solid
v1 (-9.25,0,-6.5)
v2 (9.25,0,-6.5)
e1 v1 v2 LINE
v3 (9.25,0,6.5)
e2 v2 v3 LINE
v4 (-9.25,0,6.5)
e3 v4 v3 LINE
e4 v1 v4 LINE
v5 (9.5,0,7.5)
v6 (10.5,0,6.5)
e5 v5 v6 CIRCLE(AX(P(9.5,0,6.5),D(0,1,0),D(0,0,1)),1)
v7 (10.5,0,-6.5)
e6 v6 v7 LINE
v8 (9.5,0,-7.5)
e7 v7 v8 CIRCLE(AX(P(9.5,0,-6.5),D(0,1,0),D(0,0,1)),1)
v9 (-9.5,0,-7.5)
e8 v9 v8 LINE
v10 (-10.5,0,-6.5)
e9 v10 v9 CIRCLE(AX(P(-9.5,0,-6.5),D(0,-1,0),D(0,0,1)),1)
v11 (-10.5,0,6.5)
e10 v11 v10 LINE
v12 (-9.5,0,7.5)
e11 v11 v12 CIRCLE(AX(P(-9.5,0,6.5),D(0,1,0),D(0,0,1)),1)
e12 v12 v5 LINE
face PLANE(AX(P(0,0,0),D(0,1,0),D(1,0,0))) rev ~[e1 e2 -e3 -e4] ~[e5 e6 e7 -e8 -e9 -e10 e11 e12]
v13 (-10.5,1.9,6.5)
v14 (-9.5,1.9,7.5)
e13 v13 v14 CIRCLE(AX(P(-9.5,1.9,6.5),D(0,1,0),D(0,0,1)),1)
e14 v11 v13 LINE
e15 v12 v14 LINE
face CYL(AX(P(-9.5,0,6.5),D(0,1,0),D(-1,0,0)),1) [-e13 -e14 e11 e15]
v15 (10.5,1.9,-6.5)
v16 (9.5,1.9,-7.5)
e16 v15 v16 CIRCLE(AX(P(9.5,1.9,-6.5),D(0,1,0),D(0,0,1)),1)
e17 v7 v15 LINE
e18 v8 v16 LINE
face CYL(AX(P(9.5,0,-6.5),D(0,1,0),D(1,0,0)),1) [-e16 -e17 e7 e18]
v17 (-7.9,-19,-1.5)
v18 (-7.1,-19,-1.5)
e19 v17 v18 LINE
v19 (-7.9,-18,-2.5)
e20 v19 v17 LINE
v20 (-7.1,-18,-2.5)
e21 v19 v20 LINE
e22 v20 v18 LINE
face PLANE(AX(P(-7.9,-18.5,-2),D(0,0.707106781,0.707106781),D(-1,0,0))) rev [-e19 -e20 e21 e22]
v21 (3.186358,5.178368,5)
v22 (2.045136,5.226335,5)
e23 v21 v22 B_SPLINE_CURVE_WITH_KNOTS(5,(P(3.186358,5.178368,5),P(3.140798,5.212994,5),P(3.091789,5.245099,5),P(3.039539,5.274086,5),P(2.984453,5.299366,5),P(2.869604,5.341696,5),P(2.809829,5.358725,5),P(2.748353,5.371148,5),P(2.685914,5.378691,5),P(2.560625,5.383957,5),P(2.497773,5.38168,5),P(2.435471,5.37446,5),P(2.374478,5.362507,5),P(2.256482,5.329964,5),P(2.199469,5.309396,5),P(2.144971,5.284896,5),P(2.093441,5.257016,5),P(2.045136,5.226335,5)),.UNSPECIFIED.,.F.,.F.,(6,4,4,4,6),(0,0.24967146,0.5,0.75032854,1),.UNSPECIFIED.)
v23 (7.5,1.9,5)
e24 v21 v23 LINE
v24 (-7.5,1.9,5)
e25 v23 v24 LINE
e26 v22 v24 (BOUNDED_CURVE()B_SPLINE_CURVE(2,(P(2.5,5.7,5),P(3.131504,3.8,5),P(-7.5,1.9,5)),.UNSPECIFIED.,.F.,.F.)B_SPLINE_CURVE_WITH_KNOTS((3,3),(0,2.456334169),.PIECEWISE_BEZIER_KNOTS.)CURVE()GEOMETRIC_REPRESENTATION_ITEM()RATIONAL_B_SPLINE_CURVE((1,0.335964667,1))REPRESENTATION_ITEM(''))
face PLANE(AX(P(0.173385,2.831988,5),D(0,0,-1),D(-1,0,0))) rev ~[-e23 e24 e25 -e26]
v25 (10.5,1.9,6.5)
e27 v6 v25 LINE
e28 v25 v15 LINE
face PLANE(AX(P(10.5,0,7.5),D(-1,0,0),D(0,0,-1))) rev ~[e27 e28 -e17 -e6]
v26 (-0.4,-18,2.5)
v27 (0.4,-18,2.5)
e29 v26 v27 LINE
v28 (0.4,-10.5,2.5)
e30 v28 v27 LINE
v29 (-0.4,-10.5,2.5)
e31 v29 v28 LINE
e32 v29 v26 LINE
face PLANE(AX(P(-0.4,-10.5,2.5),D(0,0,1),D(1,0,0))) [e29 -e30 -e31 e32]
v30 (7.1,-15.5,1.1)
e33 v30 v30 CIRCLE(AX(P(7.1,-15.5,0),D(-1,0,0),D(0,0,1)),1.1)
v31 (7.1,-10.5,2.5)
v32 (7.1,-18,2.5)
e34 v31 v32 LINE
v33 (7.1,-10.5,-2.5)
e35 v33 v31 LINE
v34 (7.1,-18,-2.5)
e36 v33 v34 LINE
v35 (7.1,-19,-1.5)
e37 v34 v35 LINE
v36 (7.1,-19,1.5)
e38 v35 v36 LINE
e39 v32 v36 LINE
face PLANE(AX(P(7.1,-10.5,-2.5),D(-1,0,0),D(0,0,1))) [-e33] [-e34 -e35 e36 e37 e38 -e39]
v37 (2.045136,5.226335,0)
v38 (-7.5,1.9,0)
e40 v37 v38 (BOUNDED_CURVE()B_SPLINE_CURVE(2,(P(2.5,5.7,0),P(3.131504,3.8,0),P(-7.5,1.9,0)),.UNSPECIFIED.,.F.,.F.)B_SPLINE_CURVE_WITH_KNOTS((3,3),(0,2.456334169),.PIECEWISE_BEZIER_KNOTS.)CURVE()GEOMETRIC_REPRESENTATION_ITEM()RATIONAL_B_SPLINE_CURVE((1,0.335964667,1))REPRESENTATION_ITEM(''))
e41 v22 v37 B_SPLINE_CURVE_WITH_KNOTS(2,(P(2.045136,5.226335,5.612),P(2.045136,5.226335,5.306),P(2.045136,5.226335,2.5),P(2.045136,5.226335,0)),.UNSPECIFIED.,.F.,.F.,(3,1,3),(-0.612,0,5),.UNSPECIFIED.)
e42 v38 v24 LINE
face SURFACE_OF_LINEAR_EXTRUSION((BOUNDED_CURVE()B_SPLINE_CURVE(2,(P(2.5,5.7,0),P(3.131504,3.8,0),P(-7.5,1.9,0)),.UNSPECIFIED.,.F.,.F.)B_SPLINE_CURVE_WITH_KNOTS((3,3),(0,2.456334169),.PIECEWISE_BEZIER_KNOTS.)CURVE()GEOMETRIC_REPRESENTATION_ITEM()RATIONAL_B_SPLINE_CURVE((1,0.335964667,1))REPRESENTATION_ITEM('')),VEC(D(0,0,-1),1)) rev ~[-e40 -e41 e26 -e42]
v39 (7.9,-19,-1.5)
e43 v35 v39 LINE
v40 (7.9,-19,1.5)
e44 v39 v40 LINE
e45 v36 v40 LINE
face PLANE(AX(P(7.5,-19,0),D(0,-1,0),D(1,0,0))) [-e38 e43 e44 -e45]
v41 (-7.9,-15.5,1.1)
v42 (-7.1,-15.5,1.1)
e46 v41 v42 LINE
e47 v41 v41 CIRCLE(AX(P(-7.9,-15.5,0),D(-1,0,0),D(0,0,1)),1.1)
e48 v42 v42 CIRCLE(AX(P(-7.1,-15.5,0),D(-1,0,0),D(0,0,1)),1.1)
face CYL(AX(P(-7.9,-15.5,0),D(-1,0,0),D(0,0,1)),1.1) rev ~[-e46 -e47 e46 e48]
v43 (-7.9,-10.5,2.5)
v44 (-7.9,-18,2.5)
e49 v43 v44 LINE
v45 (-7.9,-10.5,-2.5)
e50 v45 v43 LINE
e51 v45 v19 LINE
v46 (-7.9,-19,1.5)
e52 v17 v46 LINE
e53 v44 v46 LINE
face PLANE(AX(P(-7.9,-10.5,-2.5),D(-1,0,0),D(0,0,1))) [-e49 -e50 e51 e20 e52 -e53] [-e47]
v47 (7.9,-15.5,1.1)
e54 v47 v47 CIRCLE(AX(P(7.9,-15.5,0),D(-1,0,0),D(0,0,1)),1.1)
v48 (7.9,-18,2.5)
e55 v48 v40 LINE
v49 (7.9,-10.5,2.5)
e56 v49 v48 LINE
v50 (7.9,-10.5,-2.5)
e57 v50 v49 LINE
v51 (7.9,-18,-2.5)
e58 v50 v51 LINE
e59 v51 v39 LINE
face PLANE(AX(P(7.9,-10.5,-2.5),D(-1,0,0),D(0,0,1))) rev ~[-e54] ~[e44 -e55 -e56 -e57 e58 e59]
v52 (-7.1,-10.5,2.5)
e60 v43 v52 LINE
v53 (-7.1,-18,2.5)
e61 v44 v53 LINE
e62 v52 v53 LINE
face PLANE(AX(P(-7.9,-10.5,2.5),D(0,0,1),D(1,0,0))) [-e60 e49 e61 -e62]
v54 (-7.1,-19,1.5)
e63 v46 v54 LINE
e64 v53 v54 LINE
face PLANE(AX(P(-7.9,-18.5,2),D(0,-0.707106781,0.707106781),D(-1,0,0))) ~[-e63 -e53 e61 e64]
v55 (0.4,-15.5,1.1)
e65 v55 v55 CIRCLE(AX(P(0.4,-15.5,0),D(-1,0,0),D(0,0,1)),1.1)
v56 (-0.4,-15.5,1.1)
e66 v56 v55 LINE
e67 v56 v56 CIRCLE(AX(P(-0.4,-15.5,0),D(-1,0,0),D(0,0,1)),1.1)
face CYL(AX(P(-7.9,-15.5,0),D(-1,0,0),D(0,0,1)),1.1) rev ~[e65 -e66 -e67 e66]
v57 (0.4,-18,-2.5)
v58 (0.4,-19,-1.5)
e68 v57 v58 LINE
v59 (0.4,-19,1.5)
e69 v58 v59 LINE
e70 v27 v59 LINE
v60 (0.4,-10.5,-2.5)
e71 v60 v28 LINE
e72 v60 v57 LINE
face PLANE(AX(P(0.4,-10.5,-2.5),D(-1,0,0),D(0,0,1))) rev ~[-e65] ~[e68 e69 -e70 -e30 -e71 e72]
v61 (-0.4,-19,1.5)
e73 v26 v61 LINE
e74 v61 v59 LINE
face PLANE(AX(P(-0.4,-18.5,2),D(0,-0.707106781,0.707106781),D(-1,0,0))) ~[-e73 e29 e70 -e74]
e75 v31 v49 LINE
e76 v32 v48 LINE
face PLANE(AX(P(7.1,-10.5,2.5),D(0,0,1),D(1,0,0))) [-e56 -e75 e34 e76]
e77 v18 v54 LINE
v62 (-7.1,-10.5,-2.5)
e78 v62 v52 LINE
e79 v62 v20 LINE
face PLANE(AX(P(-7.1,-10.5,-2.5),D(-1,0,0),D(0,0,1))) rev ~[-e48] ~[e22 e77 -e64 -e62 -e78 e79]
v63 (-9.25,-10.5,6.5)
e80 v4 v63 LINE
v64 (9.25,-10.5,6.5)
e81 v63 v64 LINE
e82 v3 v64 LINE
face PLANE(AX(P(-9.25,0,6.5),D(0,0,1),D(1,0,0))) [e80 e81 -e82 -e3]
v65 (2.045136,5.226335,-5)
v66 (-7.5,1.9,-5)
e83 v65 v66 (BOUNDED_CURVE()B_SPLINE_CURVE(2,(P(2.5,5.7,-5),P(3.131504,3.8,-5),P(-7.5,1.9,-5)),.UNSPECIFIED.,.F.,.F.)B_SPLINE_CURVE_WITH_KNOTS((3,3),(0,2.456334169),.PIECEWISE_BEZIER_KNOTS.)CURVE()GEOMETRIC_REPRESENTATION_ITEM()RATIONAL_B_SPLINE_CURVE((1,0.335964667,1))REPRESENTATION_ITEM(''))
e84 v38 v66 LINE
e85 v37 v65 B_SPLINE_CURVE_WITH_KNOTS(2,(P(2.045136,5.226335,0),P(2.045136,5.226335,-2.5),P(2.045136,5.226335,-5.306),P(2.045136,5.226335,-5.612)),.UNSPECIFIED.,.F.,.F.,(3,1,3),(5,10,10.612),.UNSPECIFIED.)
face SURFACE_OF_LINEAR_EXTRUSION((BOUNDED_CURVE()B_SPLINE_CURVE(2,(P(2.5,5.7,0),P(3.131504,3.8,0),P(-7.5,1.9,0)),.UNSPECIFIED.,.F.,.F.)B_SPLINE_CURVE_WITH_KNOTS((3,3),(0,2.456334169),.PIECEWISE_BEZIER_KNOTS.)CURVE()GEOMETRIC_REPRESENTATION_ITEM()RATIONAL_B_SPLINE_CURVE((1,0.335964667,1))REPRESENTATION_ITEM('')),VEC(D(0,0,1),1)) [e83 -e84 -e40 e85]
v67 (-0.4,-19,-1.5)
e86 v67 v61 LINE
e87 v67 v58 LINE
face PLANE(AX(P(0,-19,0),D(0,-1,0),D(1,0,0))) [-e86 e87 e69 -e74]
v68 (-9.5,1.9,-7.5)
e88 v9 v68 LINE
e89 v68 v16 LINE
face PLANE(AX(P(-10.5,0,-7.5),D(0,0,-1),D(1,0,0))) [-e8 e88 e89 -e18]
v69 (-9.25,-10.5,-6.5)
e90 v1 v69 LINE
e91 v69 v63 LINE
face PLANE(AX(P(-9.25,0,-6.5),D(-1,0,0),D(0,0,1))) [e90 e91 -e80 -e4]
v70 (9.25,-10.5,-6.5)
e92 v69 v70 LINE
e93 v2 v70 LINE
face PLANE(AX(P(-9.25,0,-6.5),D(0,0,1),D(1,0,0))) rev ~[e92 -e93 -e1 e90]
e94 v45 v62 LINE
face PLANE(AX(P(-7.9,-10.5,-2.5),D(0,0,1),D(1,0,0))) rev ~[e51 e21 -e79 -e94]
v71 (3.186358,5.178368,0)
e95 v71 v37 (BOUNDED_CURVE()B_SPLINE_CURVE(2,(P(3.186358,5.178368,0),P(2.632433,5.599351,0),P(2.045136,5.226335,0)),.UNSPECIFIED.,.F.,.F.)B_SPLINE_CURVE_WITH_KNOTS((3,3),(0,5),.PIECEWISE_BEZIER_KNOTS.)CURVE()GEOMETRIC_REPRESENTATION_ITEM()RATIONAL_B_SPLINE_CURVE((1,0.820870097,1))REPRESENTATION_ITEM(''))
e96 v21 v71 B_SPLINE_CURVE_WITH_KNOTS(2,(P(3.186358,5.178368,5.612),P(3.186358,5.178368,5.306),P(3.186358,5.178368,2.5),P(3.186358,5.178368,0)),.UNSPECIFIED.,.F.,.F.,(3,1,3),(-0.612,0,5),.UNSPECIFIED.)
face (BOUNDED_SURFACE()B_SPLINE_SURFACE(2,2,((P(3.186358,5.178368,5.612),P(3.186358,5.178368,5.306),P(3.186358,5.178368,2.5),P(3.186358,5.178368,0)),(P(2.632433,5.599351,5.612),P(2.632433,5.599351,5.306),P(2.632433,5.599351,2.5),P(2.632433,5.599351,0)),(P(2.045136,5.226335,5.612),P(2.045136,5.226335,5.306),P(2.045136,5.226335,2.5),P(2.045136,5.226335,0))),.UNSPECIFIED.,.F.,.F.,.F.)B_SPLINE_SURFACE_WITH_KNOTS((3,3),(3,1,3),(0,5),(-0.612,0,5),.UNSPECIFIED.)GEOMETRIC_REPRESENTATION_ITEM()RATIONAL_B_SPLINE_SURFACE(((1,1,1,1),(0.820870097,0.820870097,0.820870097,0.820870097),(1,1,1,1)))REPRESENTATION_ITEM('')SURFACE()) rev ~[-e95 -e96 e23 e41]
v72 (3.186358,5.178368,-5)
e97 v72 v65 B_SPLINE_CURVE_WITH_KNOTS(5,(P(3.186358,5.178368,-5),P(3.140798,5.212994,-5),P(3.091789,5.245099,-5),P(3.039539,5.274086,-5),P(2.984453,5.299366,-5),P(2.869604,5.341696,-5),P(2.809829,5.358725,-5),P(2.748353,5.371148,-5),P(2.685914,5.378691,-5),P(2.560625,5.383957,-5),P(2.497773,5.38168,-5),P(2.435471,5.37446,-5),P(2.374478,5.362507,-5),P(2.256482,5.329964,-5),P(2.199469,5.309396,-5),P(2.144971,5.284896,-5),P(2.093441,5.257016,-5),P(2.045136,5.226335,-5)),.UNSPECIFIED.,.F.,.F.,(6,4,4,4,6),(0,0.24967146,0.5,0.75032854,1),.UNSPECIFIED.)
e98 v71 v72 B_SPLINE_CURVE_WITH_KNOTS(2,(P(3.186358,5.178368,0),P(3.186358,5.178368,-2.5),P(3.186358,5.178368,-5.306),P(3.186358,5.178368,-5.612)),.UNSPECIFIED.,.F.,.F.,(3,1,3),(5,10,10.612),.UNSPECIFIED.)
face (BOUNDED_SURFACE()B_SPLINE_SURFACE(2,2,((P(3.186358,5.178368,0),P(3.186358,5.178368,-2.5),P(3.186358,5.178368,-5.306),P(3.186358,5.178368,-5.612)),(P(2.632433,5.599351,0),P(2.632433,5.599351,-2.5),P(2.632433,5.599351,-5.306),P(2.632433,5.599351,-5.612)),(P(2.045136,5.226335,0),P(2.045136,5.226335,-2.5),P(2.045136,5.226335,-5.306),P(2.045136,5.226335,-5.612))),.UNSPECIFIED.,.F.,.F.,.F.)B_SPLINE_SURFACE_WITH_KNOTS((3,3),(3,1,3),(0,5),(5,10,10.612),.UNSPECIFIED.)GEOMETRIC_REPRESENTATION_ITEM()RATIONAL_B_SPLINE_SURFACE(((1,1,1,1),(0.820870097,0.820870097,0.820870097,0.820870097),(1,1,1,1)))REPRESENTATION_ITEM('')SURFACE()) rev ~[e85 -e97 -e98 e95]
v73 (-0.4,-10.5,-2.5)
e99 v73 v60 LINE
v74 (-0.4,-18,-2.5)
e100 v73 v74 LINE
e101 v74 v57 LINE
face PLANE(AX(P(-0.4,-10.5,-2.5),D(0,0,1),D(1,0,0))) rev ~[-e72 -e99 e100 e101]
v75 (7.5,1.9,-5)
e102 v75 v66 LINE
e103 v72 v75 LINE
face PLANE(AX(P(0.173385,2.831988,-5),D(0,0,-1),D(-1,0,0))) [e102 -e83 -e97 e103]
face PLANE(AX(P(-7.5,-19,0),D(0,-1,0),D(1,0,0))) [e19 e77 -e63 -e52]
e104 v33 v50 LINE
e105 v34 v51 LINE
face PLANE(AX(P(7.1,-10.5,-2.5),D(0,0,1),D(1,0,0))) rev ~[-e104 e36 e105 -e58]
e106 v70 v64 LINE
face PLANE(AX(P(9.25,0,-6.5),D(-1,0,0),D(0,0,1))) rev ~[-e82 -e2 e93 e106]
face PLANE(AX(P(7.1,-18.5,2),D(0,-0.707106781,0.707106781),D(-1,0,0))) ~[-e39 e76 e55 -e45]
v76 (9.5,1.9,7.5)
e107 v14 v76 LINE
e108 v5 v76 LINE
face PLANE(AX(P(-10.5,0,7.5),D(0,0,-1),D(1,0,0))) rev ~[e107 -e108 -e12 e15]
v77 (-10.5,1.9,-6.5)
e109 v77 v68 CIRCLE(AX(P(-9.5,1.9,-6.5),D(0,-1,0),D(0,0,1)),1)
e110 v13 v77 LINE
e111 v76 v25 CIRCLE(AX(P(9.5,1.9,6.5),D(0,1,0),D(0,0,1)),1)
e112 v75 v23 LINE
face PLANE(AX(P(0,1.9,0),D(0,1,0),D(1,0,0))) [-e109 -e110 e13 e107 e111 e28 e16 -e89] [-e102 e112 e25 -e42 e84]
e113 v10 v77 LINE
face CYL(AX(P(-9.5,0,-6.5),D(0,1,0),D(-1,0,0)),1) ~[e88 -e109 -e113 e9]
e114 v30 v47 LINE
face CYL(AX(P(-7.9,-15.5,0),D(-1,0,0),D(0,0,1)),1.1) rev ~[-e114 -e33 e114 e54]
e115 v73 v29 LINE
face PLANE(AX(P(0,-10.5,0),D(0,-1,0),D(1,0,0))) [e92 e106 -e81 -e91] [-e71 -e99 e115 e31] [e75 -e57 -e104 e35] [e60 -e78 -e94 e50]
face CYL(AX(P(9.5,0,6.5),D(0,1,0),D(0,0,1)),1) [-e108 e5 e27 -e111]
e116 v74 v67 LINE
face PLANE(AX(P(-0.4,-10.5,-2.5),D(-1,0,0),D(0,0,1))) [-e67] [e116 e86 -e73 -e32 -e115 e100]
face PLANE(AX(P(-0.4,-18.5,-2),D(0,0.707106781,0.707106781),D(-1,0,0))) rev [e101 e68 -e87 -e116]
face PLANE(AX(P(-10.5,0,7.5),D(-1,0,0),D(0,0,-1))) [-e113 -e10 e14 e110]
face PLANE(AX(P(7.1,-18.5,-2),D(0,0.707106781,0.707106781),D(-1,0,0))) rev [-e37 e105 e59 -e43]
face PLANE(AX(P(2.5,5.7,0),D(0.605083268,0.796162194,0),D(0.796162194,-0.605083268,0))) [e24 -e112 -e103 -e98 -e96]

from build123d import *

# Parameters (mm, degrees)
SKETCH1_W           = 21
SKETCH1_H           = 15
BOSS_EXTRUDE1_DEPTH = 1.9
FILLET1_R           = 1
SKETCH2_W           = 18.5
SKETCH2_H           = 13
BOSS_EXTRUDE2_DEPTH = 10.5
BOSS_EXTRUDE3_START = -6.5
BOSS_EXTRUDE3_DEPTH = 5
FILLET2_R           = 1
SKETCH5_W           = 0.8
SKETCH5_H           = 5
BOSS_EXTRUDE4_DEPTH = 8.5
CHAMFER1_SIZE       = 1
SKETCH6_R           = 1.1
CUT_EXTRUDE1_DEPTH  = 28.491998836


with BuildPart() as part:
    # Sketch1 → Boss-Extrude1 (new body)
    with BuildSketch(Plane(origin=(0, 0, 0), x_dir=(1, 0, 0), z_dir=(0, 1, 0))):
        Rectangle(SKETCH1_W, SKETCH1_H)
    extrude(amount=BOSS_EXTRUDE1_DEPTH)

    # Fillet1
    fillet1_edges = [part.edges().sort_by_distance(p)[0] for p in [
        (10.5, 0.95, 7.5),
        (-10.5, 0.95, 7.5),
        (-10.5, 0.95, -7.5),
        (10.5, 0.95, -7.5),
    ]]
    fillet(fillet1_edges, radius=FILLET1_R)

    # Sketch2 → Boss-Extrude2 (add)
    with BuildSketch(Plane.XZ):
        Rectangle(SKETCH2_W, SKETCH2_H)
    extrude(amount=BOSS_EXTRUDE2_DEPTH)

    # Sketch4 → Boss-Extrude3 (add, symmetric)
    with BuildSketch(Plane(origin=(0, 0, -6.5), x_dir=(-1, 0, 0), z_dir=(0, 0, -1)).offset(BOSS_EXTRUDE3_START)):
        with BuildLine():
            Line((-7.5, 1.9), (7.5, 1.9))
            add(Edge.make_bspline(
                [(-2.5, 5.7), (-3.131503611, 3.8), (7.5, 1.9)],
                knots=[0, 0, 0, 2.456334169, 2.456334169, 2.456334169], degree=2, weights=[1, 0.335964667, 1]))
            Line((-2.5, 5.7), (-7.5, 1.9))
        make_face()
    extrude(amount=BOSS_EXTRUDE3_DEPTH, both=True)

    # Fillet2
    fillet2_edges = [part.edges().sort_by_distance(p)[0] for p in [
        (2.5, 5.7, -2.5),
    ]]
    fillet(fillet2_edges, radius=FILLET2_R)

    # Sketch5 → Boss-Extrude4 (add)
    with BuildSketch(Plane.XZ.offset(10.5)):
        with Locations((7.5, 0)):
            Rectangle(SKETCH5_W, SKETCH5_H)
        Rectangle(SKETCH5_W, SKETCH5_H)
        with Locations((-7.5, 0)):
            Rectangle(SKETCH5_W, SKETCH5_H)
    extrude(amount=BOSS_EXTRUDE4_DEPTH)

    # Chamfer1
    chamfer1_edges = [part.edges().sort_by_distance(p)[0] for p in [
        (0, -19, 2.5),
        (0, -19, -2.5),
        (7.5, -19, 2.5),
        (7.5, -19, -2.5),
        (-7.5, -19, 2.5),
        (-7.5, -19, -2.5),
    ]]
    chamfer(chamfer1_edges, length=CHAMFER1_SIZE)

    # Sketch6 → Cut-Extrude1 (cut, through all)
    with BuildSketch(Plane.ZY.offset(7.9)):
        with Locations((0, -15.5)):
            Circle(SKETCH6_R)
    extrude(amount=-CUT_EXTRUDE1_DEPTH, mode=Mode.SUBTRACT)


solid = part.part
